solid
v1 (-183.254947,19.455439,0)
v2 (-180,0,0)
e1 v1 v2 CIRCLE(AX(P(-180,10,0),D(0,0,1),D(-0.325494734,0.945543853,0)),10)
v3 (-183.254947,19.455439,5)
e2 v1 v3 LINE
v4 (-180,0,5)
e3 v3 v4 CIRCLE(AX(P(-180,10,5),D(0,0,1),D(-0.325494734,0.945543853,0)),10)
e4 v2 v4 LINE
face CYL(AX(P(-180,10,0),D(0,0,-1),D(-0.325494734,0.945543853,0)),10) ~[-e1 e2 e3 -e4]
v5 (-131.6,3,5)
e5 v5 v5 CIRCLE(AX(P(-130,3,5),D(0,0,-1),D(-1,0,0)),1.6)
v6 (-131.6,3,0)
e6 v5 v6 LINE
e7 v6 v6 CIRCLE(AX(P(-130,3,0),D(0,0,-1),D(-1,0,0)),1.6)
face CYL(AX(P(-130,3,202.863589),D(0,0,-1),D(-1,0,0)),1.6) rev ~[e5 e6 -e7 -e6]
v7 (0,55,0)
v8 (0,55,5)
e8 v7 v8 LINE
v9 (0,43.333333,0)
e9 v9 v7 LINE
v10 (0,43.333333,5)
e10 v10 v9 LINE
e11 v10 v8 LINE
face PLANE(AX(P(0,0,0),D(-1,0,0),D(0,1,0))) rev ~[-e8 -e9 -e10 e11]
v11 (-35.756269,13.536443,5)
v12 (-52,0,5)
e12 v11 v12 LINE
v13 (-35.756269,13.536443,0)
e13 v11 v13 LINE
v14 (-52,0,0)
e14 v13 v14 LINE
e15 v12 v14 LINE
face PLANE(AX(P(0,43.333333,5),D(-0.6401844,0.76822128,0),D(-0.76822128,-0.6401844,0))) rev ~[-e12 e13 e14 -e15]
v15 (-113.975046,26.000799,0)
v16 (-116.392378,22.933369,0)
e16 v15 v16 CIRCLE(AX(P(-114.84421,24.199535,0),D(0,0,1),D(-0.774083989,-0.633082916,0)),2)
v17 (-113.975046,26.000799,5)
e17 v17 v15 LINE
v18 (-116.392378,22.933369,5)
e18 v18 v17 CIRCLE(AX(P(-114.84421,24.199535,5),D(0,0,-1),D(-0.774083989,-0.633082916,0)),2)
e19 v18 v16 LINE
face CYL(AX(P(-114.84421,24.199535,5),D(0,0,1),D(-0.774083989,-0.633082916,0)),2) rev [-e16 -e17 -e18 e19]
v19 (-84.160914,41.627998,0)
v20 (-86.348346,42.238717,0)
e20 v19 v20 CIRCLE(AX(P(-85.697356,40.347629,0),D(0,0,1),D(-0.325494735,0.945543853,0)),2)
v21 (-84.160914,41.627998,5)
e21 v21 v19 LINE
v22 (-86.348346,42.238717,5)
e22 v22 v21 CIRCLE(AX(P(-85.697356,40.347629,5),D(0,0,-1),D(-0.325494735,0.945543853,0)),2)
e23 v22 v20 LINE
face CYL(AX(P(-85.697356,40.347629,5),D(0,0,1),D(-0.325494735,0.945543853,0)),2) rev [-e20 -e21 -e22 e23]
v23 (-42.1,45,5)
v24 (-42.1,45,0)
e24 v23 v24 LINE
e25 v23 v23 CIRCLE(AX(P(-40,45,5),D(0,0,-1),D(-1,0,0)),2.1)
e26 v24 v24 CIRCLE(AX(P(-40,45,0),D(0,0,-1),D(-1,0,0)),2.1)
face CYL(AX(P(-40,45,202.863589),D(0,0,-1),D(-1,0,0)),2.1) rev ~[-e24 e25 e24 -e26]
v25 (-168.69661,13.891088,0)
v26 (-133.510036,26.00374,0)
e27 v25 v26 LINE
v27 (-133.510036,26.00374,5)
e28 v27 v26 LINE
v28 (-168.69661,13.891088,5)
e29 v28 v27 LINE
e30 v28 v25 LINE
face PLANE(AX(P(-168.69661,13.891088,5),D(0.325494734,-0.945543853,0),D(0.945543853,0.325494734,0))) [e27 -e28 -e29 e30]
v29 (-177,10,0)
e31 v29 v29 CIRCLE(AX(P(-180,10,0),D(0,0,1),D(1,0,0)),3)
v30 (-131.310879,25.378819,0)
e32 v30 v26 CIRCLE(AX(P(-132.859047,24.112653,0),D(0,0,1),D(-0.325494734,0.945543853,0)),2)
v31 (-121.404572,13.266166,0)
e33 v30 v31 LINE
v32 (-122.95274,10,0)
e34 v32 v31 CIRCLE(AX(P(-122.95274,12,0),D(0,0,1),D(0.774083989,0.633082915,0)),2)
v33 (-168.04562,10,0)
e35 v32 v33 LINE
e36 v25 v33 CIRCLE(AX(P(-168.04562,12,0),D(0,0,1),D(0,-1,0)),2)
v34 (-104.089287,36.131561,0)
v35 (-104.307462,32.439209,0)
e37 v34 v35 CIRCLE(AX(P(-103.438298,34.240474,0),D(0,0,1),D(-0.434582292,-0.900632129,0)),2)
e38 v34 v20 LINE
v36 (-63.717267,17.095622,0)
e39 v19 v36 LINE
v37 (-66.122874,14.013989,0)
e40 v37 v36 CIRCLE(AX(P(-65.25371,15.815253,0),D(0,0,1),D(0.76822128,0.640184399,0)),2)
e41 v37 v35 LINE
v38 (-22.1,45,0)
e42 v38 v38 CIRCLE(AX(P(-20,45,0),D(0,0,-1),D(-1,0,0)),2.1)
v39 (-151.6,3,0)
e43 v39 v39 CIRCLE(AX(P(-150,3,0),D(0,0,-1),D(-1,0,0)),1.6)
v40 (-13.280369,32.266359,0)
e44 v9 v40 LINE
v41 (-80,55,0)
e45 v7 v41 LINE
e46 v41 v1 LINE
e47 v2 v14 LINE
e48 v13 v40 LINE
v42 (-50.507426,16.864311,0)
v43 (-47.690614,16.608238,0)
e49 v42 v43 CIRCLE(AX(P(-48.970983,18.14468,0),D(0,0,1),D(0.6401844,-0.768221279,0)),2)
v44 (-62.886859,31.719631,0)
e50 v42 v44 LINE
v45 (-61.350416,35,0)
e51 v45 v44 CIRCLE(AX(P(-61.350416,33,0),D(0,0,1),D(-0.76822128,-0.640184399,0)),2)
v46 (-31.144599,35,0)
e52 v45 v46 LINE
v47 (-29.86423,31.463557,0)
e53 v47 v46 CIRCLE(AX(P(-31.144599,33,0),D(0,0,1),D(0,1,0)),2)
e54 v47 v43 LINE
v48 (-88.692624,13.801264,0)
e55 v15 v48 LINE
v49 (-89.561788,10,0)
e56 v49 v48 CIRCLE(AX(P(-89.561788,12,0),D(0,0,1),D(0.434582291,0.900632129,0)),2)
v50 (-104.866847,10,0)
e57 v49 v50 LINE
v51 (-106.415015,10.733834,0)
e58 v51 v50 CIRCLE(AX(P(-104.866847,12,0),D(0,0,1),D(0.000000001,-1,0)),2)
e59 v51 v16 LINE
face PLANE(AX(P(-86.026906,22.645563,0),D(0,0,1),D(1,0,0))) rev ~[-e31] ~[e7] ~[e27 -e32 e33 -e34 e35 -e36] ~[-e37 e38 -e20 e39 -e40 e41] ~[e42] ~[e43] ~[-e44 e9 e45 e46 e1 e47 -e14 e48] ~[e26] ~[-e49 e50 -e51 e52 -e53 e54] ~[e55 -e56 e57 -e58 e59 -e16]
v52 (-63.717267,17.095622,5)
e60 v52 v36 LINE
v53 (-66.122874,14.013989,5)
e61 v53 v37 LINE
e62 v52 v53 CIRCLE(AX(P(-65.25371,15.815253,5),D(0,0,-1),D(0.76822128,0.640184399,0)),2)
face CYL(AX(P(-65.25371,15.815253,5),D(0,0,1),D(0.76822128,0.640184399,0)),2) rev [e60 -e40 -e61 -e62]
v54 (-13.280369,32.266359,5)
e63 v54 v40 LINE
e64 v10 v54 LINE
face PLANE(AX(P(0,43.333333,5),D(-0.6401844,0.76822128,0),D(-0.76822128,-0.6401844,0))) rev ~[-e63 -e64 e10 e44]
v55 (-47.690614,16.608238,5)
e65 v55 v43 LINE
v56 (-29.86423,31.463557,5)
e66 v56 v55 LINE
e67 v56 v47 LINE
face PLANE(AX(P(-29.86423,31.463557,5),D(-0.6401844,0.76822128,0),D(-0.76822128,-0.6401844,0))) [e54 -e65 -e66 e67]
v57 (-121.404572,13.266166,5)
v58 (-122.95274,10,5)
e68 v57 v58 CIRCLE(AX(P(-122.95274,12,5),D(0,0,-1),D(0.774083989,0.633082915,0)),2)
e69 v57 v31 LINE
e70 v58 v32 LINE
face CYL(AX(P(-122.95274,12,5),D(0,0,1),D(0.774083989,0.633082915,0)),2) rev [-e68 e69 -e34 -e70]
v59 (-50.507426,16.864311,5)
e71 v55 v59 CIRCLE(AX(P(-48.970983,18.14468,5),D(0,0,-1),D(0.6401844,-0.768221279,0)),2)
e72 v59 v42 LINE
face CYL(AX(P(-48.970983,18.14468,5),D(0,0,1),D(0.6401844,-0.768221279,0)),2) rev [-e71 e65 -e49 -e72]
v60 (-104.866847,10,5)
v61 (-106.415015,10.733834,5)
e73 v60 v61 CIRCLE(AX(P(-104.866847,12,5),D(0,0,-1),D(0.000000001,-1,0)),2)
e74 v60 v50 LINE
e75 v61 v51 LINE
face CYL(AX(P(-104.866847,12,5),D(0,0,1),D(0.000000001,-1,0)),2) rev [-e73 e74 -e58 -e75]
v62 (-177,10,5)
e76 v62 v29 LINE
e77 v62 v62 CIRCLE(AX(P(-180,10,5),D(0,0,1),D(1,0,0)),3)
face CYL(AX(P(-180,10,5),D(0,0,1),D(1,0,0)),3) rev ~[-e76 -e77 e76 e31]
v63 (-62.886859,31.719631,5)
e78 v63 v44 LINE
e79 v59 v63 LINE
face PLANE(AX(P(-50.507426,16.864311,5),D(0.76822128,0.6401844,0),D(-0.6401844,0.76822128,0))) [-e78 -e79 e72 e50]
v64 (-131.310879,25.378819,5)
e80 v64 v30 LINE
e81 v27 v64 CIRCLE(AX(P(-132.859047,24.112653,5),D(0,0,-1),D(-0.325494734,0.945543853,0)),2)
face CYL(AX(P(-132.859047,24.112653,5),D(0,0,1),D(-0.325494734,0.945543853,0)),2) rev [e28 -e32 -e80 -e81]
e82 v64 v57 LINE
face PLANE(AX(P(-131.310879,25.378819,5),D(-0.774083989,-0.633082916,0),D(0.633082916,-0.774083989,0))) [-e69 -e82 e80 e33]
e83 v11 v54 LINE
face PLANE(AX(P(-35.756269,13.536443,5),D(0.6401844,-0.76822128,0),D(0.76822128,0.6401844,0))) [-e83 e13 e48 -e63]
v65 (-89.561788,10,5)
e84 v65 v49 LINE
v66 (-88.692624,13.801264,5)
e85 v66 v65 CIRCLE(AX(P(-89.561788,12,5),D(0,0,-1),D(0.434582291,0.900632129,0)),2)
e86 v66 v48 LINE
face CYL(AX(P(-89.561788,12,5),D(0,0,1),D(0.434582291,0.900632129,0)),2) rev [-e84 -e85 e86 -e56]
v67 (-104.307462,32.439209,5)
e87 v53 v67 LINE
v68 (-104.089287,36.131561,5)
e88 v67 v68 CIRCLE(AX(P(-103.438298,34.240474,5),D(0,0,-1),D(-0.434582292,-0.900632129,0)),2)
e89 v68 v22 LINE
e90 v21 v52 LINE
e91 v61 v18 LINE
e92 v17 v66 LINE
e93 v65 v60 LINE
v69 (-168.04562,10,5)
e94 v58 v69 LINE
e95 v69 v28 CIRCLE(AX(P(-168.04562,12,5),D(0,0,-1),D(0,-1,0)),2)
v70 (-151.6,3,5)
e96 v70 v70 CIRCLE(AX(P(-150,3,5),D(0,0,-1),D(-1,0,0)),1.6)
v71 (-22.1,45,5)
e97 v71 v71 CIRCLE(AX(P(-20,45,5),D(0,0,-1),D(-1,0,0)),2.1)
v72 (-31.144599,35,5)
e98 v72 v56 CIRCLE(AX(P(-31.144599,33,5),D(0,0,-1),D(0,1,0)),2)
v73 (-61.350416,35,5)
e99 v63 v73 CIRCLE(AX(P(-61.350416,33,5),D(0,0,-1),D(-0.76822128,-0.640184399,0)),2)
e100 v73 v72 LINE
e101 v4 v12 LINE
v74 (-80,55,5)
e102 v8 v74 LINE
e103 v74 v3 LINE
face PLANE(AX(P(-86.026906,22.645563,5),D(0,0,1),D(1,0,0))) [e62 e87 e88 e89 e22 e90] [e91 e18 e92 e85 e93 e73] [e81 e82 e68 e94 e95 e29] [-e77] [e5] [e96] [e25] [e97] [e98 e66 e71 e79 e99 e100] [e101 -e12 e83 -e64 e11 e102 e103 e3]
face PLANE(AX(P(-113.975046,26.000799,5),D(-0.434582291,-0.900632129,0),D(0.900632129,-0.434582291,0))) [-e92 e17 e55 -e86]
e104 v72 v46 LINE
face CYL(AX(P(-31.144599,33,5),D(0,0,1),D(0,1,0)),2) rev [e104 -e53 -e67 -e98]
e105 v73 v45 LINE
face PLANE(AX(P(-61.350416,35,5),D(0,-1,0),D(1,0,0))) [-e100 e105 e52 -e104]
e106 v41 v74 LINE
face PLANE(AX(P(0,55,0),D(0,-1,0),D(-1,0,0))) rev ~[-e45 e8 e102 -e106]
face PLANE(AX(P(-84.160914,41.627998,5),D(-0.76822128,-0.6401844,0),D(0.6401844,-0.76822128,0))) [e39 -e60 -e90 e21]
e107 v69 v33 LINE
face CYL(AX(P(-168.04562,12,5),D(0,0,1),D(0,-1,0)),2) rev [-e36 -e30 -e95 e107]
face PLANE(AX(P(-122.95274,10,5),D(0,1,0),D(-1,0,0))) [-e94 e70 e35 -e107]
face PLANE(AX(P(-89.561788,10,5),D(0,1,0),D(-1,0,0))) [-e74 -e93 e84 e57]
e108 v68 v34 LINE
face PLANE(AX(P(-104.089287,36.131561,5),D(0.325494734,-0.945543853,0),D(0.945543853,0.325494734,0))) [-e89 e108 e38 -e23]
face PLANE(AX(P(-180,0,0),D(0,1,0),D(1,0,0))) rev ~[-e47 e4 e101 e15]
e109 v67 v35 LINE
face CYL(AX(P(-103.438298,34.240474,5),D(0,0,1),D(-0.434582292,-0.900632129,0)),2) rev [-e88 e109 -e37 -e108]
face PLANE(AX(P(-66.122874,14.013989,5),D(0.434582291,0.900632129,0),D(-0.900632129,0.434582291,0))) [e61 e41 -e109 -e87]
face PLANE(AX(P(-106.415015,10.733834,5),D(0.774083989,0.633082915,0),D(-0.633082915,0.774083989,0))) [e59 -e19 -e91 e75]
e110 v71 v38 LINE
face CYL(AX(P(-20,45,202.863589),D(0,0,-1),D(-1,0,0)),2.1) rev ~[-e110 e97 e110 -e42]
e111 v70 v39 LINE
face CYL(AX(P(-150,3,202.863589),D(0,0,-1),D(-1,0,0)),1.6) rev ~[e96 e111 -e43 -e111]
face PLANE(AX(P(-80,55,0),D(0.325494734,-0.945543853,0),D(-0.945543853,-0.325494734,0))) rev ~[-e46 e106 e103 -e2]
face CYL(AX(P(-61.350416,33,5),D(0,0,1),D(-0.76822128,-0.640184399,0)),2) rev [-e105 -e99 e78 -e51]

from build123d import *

# Parameters (mm, degrees)
EXTRUDE_1_DEPTH         = 5
SKETCH_2_R              = 3
CUT_EXTRUDE_1_DEPTH     = 198.863589374
CUT_EXTRUDE_2_DEPTH     = 198.863589374
HOLE_WIZARD_3_2_3_2_1_D = 3.2
HOLE_WIZARD_4_2_4_2_1_D = 4.2
CUT_EXTRUDE_3_DEPTH     = 198.863589374


with BuildPart() as part:
    # 草图1 → 凸台-拉伸1 (new body)
    with BuildSketch(Plane.XY):
        with BuildLine():
            Line((0, 0), (0, 55))
            Line((0, 55), (-80, 55))
            Line((-80, 55), (-183.254947339, 19.455438531))
            ThreePointArc((-183.254947339, 19.455438531), (-189.862920088, 8.349906868), (-180, 0))
            Line((-180, 0), (0, 0))
        make_face()
    extrude(amount=EXTRUDE_1_DEPTH)

    # 草图2 → 切除-拉伸1 (cut, through all)
    with BuildSketch(Plane.XY.offset(5)):
        with Locations((-180, 10)):
            Circle(SKETCH_2_R)
    extrude(amount=-CUT_EXTRUDE_1_DEPTH, mode=Mode.SUBTRACT)

    # 草图3 → 切除-拉伸2 (cut, through all)
    with BuildSketch(Plane.XY.offset(5)):
        with BuildLine():
            Line((-113.975045622, 26.000798899), (-88.692623676, 13.801264258))
            ThreePointArc((-88.692623676, 13.801264258), (-87.612105141, 11.554202129), (-89.561788258, 10))
            Line((-89.561788258, 10), (-104.866847196, 10))
            ThreePointArc((-104.866847196, 10), (-105.72348841, 10.192746329), (-106.415015174, 10.733834169))
            Line((-106.415015174, 10.733834169), (-116.392378182, 22.93336881))
            ThreePointArc((-116.392378182, 22.93336881), (-116.415051775, 25.437459016), (-113.975045622, 26.000798899))
        make_face()
        with BuildLine():
            Line((-168.696609563, 13.891087706), (-133.510036225, 26.003740428))
            ThreePointArc((-133.510036225, 26.003740428), (-132.31236206, 26.036486353), (-131.310878779, 25.378818552))
            Line((-131.310878779, 25.378818552), (-121.40457196, 13.266165831))
            ThreePointArc((-121.40457196, 13.266165831), (-121.145486268, 11.143358786), (-122.952739938, 10))
            Line((-122.952739938, 10), (-168.045620095, 10))
            ThreePointArc((-168.045620095, 10), (-170.018204112, 11.669981374), (-168.696609563, 13.891087706))
        make_face()
        with BuildLine():
            Line((-10, 30.729916775), (-10, 12))
            ThreePointArc((-10, 12), (-10.585786438, 10.585786438), (-12, 10))
            Line((-12, 10), (-34.47590013, 10))
            ThreePointArc((-34.47590013, 10), (-36.356443285, 11.319149472), (-35.756268929, 13.536442559))
            Line((-35.756268929, 13.536442559), (-13.280368799, 32.266359334))
            ThreePointArc((-13.280368799, 32.266359334), (-11.151689208, 32.541095617), (-10, 30.729916775))
        make_face()
        with BuildLine():
            Line((-61.350416127, 35), (-31.144599222, 35))
            ThreePointArc((-31.144599222, 35), (-29.264056067, 33.680850528), (-29.864230423, 31.463557441))
            Line((-29.864230423, 31.463557441), (-47.69061417, 16.608237652))
            ThreePointArc((-47.69061417, 16.608237652), (-49.152054461, 16.152893798), (-50.507425528, 16.864311412))
            Line((-50.507425528, 16.864311412), (-62.886858686, 31.719631201))
            ThreePointArc((-62.886858686, 31.719631201), (-63.161594969, 33.848310792), (-61.350416127, 35))
        make_face()
        with BuildLine():
            Line((-84.16091357, 41.62799771), (-63.717267008, 17.095621836))
            ThreePointArc((-63.717267008, 17.095621836), (-63.677184734, 14.584574586), (-66.12287415, 14.013988778))
            Line((-66.12287415, 14.013988778), (-104.307462185, 32.43920949))
            ThreePointArc((-104.307462185, 32.43920949), (-105.434815281, 34.358444754), (-104.08928707, 36.131561455))
            Line((-104.08928707, 36.131561455), (-86.348345597, 42.238716617))
            ThreePointArc((-86.348345597, 42.238716617), (-85.15953535, 42.273959311), (-84.16091357, 41.62799771))
        make_face()
    extrude(amount=-CUT_EXTRUDE_2_DEPTH, mode=Mode.SUBTRACT)

    # Ø3.2 (3.2) 直径孔1 (through all)
    with Locations(Plane(origin=(-150, 3, 5), x_dir=(1, 0, 0), z_dir=(0, 0, 1))):
        with Locations((0, 0), (20, 0)):
            Hole(HOLE_WIZARD_3_2_3_2_1_D / 2)

    # Ø4.2 (4.2) 直径孔1 (through all)
    with Locations(Plane(origin=(-40, 45, 5), x_dir=(1, 0, 0), z_dir=(0, 0, 1))):
        with Locations((0, 0), (20, 0)):
            Hole(HOLE_WIZARD_4_2_4_2_1_D / 2)

    # 草图8 → 切除-拉伸3 (cut, through all)
    with BuildSketch(Plane.XY.offset(5)):
        Polygon((0, 0), (0, 43.333333333), (-52, 0), align=None)
    extrude(amount=-CUT_EXTRUDE_3_DEPTH, mode=Mode.SUBTRACT)


solid = part.part
